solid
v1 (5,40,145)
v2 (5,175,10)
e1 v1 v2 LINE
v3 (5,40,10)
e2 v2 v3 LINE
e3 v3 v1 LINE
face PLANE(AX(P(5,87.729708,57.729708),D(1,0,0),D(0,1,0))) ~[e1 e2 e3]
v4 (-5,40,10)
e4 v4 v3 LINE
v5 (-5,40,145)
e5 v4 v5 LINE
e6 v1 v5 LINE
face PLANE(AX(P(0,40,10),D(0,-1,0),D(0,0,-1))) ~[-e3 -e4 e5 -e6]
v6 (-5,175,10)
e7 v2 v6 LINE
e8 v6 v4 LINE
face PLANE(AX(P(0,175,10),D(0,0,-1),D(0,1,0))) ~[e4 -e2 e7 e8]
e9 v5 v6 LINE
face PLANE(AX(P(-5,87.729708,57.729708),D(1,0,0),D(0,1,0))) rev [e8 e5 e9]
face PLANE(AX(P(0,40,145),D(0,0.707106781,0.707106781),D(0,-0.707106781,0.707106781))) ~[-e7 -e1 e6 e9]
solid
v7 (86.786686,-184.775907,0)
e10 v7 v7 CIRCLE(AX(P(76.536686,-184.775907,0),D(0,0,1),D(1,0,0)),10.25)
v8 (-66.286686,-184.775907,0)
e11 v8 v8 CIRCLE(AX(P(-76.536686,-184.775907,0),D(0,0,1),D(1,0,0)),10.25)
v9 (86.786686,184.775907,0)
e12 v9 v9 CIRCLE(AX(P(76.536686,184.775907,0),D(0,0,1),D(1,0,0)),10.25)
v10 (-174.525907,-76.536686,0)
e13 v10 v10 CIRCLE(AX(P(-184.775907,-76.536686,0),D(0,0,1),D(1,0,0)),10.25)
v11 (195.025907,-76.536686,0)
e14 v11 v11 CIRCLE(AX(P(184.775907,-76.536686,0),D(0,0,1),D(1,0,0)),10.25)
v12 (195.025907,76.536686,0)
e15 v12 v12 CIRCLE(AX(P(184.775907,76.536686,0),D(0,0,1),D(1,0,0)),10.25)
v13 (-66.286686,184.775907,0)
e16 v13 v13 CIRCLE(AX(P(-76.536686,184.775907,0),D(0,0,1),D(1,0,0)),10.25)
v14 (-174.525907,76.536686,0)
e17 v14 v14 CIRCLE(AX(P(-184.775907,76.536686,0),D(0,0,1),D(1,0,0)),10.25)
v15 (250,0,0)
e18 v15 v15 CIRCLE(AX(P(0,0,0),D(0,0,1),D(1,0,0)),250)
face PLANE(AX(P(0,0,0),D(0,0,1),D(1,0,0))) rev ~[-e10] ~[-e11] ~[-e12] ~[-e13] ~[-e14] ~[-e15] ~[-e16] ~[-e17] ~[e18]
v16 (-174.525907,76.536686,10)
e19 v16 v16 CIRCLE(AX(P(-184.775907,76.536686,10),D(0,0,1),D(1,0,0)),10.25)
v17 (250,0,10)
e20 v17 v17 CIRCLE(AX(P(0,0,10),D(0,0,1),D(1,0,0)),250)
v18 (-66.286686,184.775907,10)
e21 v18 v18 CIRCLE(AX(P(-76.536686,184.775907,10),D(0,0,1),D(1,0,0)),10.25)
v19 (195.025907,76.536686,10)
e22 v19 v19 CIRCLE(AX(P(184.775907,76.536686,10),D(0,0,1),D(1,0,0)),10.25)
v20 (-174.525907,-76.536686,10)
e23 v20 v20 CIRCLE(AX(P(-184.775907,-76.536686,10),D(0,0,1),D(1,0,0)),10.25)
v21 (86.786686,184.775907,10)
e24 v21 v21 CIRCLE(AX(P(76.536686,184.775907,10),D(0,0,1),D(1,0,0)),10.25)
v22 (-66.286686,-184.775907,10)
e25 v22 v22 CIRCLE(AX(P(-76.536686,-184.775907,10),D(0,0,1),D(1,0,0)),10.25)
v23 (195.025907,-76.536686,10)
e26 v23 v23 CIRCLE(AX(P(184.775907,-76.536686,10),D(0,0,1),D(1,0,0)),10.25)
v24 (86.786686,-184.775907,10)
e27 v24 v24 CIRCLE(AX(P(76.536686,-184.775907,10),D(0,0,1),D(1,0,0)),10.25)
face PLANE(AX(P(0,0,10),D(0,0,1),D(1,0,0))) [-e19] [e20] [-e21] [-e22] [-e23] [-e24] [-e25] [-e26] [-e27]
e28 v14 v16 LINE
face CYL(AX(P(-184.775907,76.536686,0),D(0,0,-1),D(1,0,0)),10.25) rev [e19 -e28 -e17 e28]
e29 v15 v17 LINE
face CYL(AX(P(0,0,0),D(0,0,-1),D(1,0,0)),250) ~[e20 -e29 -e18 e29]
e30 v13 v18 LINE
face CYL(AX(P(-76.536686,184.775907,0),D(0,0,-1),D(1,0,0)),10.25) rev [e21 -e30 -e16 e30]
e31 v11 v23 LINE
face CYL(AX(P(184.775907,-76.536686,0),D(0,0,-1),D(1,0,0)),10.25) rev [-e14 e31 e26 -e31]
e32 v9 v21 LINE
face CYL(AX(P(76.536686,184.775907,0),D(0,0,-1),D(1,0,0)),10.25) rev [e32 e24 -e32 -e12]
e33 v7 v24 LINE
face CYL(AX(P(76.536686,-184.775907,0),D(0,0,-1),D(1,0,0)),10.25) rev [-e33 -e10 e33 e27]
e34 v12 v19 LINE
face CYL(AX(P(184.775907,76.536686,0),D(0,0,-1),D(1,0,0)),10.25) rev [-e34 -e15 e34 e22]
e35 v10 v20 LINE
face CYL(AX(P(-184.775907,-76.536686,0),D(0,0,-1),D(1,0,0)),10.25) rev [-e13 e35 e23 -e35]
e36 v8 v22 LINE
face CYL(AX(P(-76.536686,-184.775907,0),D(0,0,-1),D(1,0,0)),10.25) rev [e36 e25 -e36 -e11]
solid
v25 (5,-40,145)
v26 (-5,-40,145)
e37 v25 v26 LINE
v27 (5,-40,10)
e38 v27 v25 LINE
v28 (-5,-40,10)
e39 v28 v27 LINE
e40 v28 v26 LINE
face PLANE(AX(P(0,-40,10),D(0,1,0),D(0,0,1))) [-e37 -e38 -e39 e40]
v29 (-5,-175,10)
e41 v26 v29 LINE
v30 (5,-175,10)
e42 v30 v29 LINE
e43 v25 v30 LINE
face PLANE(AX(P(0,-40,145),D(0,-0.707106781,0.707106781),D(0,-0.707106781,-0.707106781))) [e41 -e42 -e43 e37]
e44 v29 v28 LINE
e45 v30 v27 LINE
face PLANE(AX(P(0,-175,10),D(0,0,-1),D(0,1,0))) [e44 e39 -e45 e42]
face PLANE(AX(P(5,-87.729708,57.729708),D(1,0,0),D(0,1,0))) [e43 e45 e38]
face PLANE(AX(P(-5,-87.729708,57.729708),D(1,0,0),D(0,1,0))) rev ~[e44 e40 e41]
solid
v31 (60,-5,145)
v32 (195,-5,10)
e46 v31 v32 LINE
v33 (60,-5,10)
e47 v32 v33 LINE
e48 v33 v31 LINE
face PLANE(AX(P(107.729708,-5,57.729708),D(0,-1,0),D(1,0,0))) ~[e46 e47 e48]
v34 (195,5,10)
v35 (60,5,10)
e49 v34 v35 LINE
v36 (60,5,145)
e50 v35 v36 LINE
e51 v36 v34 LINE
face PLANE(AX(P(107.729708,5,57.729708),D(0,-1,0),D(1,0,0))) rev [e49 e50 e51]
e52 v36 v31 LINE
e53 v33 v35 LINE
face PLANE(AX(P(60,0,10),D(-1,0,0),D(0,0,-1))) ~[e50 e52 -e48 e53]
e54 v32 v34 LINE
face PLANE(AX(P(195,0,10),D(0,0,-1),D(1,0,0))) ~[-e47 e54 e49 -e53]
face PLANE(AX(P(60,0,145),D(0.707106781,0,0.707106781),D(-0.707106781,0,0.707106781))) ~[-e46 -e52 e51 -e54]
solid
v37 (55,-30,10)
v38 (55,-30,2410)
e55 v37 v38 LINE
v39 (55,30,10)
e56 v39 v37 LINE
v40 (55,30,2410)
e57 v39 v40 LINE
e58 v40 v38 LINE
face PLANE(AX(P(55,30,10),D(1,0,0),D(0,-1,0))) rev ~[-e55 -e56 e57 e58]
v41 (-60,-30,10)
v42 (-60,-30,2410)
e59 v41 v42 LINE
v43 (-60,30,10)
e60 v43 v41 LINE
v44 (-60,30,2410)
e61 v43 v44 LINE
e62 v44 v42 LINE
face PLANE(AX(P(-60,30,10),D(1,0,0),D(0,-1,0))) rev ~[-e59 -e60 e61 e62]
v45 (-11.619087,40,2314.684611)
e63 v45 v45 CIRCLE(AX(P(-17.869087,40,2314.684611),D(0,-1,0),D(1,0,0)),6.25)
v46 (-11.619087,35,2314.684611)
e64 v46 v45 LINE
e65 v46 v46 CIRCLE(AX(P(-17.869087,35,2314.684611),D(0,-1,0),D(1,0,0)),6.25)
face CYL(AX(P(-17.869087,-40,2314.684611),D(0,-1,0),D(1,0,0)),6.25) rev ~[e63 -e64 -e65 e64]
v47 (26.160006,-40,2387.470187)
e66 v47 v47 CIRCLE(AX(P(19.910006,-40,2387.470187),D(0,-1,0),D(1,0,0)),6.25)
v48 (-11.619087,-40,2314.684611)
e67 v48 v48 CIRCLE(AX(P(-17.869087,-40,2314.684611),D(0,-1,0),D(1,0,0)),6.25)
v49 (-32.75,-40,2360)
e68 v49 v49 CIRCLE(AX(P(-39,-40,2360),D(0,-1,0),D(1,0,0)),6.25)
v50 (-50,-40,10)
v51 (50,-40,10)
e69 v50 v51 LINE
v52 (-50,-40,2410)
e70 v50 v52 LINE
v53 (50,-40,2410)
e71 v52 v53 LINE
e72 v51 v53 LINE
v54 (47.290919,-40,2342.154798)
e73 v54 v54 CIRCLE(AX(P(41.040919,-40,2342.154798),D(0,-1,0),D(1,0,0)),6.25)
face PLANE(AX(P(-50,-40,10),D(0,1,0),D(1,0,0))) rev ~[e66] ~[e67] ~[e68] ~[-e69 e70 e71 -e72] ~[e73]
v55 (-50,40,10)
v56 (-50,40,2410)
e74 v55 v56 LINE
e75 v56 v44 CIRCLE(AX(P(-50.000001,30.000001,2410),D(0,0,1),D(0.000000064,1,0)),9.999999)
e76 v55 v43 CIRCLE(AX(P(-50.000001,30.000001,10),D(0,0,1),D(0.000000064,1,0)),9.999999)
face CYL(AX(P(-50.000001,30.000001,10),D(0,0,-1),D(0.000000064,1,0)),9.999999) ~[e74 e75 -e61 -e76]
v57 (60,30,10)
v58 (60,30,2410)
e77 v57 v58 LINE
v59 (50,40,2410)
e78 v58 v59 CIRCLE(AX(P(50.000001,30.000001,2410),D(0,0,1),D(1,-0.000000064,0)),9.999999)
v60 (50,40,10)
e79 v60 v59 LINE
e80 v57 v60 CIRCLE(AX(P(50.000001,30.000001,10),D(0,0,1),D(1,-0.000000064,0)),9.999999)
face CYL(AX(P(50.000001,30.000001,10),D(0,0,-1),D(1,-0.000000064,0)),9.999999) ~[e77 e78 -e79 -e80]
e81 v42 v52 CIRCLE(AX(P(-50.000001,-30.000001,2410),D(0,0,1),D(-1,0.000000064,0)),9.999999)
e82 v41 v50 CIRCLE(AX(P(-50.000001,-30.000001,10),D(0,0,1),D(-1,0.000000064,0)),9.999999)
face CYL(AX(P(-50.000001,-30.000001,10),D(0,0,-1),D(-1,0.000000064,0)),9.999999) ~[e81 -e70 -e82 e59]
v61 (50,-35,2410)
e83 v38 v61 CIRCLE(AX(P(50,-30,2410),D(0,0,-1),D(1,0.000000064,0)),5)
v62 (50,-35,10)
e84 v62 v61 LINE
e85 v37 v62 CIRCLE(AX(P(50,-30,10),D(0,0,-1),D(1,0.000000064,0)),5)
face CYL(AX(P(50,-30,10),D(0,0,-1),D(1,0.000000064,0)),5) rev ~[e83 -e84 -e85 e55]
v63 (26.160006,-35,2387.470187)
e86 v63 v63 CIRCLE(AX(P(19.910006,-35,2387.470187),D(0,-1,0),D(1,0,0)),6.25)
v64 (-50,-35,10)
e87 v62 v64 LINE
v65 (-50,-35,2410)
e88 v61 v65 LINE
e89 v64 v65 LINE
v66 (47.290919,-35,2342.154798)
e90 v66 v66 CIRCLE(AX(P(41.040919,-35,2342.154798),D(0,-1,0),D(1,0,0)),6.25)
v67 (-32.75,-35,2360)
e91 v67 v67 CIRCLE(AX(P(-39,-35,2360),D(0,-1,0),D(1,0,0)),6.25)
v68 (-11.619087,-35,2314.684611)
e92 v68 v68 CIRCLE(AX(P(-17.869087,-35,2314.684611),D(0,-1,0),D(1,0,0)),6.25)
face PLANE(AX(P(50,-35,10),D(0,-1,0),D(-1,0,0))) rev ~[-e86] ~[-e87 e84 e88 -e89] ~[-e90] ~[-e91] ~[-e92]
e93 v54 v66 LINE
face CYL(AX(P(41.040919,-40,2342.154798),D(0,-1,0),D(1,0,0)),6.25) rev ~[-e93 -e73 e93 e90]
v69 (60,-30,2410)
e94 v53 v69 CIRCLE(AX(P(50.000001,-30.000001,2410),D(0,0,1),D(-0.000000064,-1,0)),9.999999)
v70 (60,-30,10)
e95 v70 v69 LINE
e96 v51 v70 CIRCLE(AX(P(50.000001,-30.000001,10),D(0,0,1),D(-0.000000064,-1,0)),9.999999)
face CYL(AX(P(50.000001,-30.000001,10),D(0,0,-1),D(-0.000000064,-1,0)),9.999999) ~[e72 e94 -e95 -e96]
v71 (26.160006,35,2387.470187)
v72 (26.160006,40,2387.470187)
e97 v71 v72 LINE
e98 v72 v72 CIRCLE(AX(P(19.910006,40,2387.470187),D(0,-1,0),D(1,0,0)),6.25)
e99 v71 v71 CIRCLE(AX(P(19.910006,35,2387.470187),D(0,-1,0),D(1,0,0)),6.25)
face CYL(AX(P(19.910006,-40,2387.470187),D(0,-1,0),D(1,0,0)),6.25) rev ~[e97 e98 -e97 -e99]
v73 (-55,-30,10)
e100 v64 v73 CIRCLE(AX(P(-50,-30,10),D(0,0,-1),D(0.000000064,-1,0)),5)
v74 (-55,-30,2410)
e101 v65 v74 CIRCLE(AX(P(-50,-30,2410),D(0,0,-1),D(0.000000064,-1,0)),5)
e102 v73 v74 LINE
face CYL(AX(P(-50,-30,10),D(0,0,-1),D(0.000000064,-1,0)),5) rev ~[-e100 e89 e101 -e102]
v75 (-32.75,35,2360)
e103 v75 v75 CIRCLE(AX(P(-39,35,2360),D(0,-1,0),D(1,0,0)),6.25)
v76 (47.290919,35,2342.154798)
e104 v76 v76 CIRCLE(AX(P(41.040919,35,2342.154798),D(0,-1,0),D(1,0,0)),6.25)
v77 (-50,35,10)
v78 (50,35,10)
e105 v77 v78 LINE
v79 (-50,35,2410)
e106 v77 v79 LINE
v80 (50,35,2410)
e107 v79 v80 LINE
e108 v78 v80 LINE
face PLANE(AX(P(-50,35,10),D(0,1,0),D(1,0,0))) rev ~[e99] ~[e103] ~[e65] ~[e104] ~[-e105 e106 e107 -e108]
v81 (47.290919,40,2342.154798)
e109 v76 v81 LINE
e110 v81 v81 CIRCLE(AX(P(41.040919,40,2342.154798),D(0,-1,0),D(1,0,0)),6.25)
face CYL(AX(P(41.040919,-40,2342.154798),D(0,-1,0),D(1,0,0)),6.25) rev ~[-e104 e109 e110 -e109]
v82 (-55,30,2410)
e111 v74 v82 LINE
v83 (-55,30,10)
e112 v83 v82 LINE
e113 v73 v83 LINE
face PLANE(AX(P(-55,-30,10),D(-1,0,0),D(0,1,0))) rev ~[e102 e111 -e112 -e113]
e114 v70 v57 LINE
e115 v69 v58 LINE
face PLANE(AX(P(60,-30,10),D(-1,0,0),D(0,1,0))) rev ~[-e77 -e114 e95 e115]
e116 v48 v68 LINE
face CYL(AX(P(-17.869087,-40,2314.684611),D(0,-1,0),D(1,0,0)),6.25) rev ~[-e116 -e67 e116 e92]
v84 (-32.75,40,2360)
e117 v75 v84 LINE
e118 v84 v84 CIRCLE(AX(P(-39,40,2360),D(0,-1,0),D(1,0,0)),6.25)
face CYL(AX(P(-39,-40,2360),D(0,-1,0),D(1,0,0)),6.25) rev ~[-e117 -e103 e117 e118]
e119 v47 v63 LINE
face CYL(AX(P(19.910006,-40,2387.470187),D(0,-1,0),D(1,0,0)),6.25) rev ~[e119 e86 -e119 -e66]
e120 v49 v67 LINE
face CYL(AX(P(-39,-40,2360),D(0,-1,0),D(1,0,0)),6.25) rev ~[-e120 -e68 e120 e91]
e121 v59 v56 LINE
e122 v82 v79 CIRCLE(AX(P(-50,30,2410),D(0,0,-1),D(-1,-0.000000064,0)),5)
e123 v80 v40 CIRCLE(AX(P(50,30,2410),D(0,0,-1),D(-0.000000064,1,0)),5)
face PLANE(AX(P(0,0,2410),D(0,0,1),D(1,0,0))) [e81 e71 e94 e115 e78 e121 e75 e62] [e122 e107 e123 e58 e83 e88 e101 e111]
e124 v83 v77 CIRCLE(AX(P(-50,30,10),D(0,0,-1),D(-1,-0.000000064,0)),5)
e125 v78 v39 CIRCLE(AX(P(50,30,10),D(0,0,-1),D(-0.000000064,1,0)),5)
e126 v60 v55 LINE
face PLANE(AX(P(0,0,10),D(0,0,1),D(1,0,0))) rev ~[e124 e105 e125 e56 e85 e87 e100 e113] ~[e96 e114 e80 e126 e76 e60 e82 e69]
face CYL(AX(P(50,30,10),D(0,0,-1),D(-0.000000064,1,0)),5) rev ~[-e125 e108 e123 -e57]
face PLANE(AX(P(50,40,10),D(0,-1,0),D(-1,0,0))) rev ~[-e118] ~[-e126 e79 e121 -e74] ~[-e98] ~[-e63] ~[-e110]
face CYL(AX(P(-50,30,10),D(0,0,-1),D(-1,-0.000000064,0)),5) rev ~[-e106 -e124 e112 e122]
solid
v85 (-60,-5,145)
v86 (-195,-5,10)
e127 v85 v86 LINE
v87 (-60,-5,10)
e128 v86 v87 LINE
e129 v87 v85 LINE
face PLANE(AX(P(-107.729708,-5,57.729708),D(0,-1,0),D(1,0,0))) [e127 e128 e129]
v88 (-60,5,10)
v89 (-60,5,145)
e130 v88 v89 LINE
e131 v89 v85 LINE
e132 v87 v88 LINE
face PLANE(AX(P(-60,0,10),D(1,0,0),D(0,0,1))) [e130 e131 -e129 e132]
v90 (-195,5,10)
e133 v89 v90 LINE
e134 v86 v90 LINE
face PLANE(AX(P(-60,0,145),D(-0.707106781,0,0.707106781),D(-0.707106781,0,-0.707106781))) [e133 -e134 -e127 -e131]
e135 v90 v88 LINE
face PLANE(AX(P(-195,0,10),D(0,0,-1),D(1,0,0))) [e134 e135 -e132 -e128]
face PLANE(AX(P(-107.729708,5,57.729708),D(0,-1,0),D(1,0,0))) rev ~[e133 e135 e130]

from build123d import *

# Parameters (mm, degrees)
F0_R      = 250
F0_R_2    = 10.25
F1_DEPTH  = 10
F3_DEPTH  = 2400
F5_DEPTH  = 5
F7_DEPTH  = 5
F10_R     = 6.25
F11_DEPTH = 290.001


with BuildPart() as f1:
    # F0 (on Top) → F1 (new body)
    with BuildSketch(Plane.XY):
        Circle(F0_R)
        with Locations((-76.536686, -184.775907)):
            Circle(F0_R_2, mode=Mode.SUBTRACT)
        with Locations((-184.775907, -76.536686)):
            Circle(F0_R_2, mode=Mode.SUBTRACT)
        with Locations((76.536686, -184.775907)):
            Circle(F0_R_2, mode=Mode.SUBTRACT)
        with Locations((184.775907, -76.536686)):
            Circle(F0_R_2, mode=Mode.SUBTRACT)
        with Locations((-184.775907, 76.536686)):
            Circle(F0_R_2, mode=Mode.SUBTRACT)
        with Locations((-76.536686, 184.775907)):
            Circle(F0_R_2, mode=Mode.SUBTRACT)
        with Locations((184.775907, 76.536686)):
            Circle(F0_R_2, mode=Mode.SUBTRACT)
        with Locations((76.536686, 184.775907)):
            Circle(F0_R_2, mode=Mode.SUBTRACT)
    extrude(amount=F1_DEPTH)


with BuildPart() as f3:
    # F2 (on face) → F3 (new body)
    with BuildSketch(Plane.XY.offset(10)):
        with BuildLine():
            ThreePointArc((60, 30), (57.071068, 37.071068), (50, 40))
            Line((50, 40), (-50, 40))
            ThreePointArc((-50, 40), (-57.071068, 37.071068), (-60, 30))
            Line((-60, 30), (-60, -30))
            ThreePointArc((-60, -30), (-57.071068, -37.071068), (-50, -40))
            Line((-50, -40), (50, -40))
            ThreePointArc((50, -40), (57.071068, -37.071068), (60, -30))
            Line((60, -30), (60, 30))
        make_face()
        with BuildLine():
            ThreePointArc((50, 35), (53.535534, 33.535534), (55, 30))
            Line((55, 30), (55, -30))
            ThreePointArc((55, -30), (53.535534, -33.535534), (50, -35))
            Line((50, -35), (-50, -35))
            ThreePointArc((-50, -35), (-53.535534, -33.535534), (-55, -30))
            Line((-55, -30), (-55, 30))
            ThreePointArc((-55, 30), (-53.535534, 33.535534), (-50, 35))
            Line((-50, 35), (50, 35))
        make_face(mode=Mode.SUBTRACT)
    extrude(amount=F3_DEPTH)

    # F10 (on face) → F11 (cut, through all)
    with BuildSketch(Plane.XZ.offset(40)):
        with Locations((19.910006, 2387.470187)):
            Circle(F10_R)
        with Locations((-39, 2360)):
            Circle(F10_R)
        with Locations((-17.869087, 2314.684611)):
            Circle(F10_R)
        with Locations((41.040919, 2342.154798)):
            Circle(F10_R)
    extrude(amount=-F11_DEPTH, mode=Mode.SUBTRACT)


with BuildPart() as f5:
    # F4 (on Front) → F5 (new body, symmetric)
    with BuildSketch(Plane.XZ):
        Polygon((-60, 10), (-60, 145), (-195, 10), align=None)
    extrude(amount=F5_DEPTH, both=True)


with BuildPart() as f7:
    # F6 (on Right) → F7 (new body, symmetric)
    with BuildSketch(Plane.YZ):
        Polygon((-175, 10), (-40, 10), (-40, 145), align=None)
    extrude(amount=F7_DEPTH, both=True)


with BuildPart() as f8_1:
    # F8: instance of F7
    add(f7.part.mirror(Plane.XZ))


with BuildPart() as f9_1:
    # F9: instance of F5
    add(f5.part.mirror(Plane.YZ))


solid = Compound([f1.part, f3.part, f5.part, f7.part, f8_1.part, f9_1.part])
